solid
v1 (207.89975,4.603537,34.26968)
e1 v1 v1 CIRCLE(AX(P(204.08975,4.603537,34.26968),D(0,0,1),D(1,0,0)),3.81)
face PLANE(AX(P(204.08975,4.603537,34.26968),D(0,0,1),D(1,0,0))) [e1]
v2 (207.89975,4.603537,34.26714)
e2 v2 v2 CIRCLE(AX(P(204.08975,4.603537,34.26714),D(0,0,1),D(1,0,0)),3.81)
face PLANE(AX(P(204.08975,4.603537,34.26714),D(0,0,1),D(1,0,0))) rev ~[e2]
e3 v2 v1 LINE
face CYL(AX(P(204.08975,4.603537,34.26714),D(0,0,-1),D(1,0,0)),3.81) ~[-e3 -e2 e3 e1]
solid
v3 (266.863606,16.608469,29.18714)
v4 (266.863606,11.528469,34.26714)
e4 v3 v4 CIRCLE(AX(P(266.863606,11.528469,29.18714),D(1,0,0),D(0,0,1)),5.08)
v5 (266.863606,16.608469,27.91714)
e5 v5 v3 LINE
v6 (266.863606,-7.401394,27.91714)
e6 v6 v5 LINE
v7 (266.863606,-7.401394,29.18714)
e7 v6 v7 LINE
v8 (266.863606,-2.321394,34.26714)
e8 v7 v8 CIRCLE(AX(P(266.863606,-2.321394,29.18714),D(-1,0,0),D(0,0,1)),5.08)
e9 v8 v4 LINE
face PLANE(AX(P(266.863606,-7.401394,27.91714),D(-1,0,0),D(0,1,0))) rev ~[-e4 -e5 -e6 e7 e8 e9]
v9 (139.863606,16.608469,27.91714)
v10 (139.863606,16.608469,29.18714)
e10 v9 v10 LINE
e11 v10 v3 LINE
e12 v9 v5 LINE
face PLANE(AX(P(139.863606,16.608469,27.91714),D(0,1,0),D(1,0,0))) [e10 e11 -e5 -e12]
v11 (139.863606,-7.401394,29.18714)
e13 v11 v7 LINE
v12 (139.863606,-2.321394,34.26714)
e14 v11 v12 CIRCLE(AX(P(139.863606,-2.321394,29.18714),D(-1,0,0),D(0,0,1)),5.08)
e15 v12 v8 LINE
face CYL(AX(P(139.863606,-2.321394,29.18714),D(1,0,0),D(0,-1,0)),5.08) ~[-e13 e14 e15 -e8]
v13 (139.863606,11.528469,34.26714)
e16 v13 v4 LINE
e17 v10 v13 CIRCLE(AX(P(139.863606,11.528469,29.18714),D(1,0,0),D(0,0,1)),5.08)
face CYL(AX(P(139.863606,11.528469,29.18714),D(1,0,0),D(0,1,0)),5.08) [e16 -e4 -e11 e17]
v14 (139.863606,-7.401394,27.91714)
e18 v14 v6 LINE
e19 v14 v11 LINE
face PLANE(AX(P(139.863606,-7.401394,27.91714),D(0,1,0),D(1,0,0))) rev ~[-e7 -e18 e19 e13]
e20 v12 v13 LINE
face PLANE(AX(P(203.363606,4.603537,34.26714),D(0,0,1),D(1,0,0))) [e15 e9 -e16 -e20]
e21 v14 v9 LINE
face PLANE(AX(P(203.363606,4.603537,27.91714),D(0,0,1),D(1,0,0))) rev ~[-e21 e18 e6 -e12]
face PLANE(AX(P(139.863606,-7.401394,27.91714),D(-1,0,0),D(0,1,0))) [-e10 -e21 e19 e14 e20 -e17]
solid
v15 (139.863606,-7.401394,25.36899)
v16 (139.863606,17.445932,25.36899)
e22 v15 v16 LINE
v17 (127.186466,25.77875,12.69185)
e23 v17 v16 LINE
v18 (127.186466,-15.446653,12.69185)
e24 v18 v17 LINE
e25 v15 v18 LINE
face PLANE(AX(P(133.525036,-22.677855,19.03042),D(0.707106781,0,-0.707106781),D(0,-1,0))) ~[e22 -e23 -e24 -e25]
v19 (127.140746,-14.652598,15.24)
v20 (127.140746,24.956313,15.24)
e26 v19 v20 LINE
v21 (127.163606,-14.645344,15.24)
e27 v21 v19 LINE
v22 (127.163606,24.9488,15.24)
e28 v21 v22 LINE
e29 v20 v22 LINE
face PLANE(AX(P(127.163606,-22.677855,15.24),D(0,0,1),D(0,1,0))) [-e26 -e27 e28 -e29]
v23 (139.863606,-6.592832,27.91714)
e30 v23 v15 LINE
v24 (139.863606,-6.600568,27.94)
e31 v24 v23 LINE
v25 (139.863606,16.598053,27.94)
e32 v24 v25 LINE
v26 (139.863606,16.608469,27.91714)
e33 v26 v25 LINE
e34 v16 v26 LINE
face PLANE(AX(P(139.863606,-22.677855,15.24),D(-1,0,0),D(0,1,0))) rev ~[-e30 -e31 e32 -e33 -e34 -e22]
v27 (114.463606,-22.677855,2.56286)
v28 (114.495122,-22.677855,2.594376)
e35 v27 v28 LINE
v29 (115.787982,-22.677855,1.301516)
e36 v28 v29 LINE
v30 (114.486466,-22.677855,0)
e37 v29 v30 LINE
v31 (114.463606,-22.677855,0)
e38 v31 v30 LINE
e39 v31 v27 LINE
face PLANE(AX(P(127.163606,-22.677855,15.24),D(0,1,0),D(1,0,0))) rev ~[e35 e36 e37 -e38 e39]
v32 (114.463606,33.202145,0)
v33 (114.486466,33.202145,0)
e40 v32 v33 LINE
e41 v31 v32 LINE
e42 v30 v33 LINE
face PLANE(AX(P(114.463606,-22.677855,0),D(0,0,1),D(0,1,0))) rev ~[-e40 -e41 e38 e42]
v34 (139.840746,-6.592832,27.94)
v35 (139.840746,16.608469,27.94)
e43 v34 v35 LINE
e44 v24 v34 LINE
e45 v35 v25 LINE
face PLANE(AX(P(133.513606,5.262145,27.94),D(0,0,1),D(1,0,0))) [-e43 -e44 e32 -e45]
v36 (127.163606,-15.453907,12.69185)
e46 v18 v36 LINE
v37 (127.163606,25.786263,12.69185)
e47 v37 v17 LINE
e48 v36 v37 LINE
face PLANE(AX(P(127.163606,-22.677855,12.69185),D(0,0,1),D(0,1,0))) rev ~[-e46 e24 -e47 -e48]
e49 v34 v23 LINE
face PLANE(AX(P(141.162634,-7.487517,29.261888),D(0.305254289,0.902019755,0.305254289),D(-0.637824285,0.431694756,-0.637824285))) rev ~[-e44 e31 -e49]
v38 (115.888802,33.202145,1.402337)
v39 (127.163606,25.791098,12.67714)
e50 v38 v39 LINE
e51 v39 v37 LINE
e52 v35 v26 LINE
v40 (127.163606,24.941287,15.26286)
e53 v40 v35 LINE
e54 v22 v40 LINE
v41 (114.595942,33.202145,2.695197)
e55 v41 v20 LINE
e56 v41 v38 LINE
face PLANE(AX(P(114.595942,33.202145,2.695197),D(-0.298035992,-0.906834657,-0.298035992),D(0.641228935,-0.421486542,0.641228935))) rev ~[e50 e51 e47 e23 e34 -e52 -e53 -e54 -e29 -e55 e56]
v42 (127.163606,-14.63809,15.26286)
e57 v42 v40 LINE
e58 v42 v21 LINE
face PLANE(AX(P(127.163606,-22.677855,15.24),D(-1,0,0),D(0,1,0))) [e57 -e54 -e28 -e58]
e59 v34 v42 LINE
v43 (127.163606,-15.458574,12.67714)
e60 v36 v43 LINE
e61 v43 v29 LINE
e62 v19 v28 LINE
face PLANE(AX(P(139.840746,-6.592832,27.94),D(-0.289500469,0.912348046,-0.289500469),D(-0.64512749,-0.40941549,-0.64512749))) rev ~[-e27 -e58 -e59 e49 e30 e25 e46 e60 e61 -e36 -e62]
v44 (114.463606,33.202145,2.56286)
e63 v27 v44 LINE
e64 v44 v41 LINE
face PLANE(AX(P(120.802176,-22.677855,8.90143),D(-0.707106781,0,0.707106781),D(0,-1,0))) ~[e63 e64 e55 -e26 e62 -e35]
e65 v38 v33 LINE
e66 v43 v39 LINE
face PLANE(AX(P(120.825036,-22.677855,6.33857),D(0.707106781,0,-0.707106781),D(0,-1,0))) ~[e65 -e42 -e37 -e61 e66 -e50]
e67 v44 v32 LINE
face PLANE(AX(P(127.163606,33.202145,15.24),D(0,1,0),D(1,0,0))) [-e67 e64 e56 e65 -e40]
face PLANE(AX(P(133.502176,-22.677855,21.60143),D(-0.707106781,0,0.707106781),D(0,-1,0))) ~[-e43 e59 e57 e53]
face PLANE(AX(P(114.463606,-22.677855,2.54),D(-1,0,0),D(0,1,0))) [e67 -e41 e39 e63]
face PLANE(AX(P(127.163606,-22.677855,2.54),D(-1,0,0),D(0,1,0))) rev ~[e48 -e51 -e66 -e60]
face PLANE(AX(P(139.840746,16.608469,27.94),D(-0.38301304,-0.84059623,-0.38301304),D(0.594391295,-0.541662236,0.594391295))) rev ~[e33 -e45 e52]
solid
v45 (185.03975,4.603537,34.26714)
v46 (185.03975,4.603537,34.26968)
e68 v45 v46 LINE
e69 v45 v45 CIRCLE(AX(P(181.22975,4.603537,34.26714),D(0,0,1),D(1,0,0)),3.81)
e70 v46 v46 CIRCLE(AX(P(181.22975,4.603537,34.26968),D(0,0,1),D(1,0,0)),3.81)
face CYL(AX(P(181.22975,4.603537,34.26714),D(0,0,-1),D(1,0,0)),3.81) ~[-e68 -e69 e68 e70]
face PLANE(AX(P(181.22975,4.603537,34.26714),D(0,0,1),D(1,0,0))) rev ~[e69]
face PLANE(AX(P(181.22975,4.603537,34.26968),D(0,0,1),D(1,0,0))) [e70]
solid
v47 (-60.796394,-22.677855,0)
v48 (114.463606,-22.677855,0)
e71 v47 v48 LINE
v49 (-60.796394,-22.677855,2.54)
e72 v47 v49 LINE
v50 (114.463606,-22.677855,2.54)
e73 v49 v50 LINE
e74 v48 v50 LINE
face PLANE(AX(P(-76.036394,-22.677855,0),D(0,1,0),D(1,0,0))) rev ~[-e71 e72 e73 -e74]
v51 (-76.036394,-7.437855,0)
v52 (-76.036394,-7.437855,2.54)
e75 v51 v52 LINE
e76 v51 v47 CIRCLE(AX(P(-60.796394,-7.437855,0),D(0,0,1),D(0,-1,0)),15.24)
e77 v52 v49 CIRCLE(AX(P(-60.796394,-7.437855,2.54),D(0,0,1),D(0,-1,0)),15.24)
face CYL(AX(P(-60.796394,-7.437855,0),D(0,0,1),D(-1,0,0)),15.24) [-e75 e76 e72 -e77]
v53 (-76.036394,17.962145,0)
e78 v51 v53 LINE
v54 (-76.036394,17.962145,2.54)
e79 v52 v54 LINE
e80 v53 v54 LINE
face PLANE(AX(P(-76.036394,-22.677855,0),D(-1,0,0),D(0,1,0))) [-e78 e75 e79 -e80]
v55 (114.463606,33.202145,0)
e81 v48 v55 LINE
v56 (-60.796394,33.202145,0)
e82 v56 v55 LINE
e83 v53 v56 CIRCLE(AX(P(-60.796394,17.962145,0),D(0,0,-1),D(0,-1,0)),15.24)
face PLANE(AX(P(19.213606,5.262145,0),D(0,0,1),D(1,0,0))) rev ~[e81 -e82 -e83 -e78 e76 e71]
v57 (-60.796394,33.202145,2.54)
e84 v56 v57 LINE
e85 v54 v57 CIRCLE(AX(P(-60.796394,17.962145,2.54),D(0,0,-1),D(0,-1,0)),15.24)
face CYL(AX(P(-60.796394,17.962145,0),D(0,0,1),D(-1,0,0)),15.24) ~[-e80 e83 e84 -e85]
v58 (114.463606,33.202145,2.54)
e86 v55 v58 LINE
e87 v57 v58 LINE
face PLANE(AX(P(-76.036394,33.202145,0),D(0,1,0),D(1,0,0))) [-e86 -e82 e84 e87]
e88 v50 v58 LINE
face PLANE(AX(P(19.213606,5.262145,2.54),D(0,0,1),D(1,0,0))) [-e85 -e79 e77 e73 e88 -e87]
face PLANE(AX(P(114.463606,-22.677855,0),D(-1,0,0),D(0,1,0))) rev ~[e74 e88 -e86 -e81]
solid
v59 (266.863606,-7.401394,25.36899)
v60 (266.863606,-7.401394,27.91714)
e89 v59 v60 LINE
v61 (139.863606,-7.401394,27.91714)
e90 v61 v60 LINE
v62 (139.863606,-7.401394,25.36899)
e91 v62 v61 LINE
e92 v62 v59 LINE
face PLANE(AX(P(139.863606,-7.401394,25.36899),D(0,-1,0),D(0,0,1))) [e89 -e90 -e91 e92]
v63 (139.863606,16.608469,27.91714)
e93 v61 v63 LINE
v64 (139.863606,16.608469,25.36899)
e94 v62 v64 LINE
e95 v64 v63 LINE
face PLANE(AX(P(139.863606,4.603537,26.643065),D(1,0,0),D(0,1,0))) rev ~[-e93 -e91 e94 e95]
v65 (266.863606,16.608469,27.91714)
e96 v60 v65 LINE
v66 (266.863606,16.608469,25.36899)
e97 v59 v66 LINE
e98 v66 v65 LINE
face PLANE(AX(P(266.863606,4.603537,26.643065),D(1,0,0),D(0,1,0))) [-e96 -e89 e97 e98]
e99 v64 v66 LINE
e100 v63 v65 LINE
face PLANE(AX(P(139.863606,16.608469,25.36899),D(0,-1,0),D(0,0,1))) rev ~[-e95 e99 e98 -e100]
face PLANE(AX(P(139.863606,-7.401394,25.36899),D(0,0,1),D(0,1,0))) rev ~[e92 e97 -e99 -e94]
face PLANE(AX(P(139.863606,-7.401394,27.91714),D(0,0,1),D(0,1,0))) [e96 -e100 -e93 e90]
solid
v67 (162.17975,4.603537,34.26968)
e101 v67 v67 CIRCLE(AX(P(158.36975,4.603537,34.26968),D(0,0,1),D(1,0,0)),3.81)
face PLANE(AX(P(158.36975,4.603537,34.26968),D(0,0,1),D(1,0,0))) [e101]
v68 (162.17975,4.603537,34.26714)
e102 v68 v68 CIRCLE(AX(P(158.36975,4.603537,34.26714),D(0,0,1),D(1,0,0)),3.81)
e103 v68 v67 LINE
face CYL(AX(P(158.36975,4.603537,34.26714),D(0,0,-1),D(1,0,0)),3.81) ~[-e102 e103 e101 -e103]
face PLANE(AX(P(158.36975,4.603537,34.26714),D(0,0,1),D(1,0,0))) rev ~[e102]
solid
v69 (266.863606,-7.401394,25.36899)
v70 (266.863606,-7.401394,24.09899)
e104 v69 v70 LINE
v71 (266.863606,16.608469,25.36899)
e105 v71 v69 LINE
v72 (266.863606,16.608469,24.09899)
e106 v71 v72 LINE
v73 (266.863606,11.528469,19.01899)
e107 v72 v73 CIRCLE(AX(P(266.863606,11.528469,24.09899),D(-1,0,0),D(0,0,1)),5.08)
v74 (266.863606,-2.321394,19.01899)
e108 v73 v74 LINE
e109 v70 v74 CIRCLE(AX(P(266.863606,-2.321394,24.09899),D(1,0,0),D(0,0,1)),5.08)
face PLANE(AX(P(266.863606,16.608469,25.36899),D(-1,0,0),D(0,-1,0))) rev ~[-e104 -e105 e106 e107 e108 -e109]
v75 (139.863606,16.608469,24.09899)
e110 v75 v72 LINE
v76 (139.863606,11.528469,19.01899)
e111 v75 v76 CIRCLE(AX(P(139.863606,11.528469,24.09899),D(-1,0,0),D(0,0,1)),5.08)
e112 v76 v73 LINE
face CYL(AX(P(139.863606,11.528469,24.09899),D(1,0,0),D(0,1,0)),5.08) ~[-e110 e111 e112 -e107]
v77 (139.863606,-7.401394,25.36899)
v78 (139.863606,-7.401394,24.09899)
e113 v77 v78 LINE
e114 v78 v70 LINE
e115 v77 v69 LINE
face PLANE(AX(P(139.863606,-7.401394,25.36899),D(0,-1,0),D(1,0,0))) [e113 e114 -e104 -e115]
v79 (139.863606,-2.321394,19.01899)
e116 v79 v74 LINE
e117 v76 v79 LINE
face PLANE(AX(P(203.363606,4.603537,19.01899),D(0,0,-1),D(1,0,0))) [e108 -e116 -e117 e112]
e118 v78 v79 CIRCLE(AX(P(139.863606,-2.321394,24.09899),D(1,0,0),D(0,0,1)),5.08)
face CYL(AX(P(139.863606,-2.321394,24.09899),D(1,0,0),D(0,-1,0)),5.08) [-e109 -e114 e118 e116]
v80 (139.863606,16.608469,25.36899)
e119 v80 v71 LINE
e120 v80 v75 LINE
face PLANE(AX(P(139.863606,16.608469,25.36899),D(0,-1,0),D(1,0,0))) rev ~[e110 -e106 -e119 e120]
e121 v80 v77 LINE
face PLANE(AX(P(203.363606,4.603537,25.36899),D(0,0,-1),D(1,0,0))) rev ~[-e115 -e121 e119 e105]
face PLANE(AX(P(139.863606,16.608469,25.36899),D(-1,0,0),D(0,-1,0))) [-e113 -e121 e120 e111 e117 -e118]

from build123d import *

# Parameters (mm, degrees)
F0_W      = 190.5
F0_H      = 55.88
F1_DEPTH  = 2.54
F2_W      = 55.88
F2_H      = 2.54
F3_DEPTH  = 12.7
F4_W      = 12.7
F4_H      = 55.88
F5_DEPTH  = 12.7
F6_W      = 55.88
F6_H      = 2.5481501573
F7_DEPTH  = 12.7
F8_W      = 12.7
F8_H      = 55.88
F9_DEPTH  = 12.7
F10_SIZE  = 12.67714
F12_DEPTH = 25.4
F14_DEPTH = 25.4
F15_W     = 24.0098635365
F15_H     = 2.5481501573
F16_DEPTH = 127
F17_W     = 127
F17_H     = 24.0098635365
F18_DEPTH = 6.35
F19_W     = 127
F19_H     = 24.0098635365
F20_DEPTH = 6.35
F21_R     = 15.24
F22_R     = 5.08
F22_2_R   = 5.08
F23_R     = 3.81
F24_DEPTH = 0.00254


with BuildPart() as f1:
    # F0 (on Top) → F1 (new body)
    with BuildSketch(Plane.XY):
        with Locations((19.2136056721, 5.2621446662)):
            Rectangle(F0_W, F0_H)
    extrude(amount=F1_DEPTH)

    # F21
    f21_edges = [f1.edges().sort_by_distance(p)[0] for p in [
        (-76.036394, 33.202145, 1.27),
        (-76.036394, -22.677855, 1.27),
    ]]
    fillet(f21_edges, radius=F21_R)


with BuildPart() as f3:
    # F2 (on face) → F3 (new body)
    with BuildSketch(Plane.YZ.offset(114.4636056721)):
        with Locations((5.2621446662, 1.27)):
            Rectangle(F2_W, F2_H)
    extrude(amount=F3_DEPTH)

    # F4 (on face) → F5 (join)
    with BuildSketch(Plane.XY.offset(2.54)):
        with Locations((120.8136056721, 5.2621446662)):
            Rectangle(F4_W, F4_H)
    extrude(amount=F5_DEPTH)

    # F6 (on face) → F7 (join)
    with BuildSketch(Plane.YZ.offset(127.1636056721)):
        with Locations((5.2621446662, 13.9659249213)):
            Rectangle(F6_W, F6_H)
    extrude(amount=F7_DEPTH)

    # F8 (on face) → F9 (join)
    with BuildSketch(Plane.XY.offset(15.24)):
        with Locations((133.5136056721, 5.2621446662)):
            Rectangle(F8_W, F8_H)
    extrude(amount=F9_DEPTH)

    # F10
    f10_edges = [f3.edges().sort_by_distance(p)[0] for p in [
        (127.163606, 5.262145, 27.94),
        (114.463606, 5.262145, 15.24),
        (139.863606, 5.262145, 12.69185),
        (127.163606, 5.262145, 0),
    ]]
    chamfer(f10_edges, length=F10_SIZE)

    # F11 (on face) → F12 (cut)
    with BuildSketch(Plane(origin=(55.9503728361, 0, -55.9503728361), x_dir=(0.7071067812, 0, 0.7071067812), z_dir=(-0.7071067812, 0, 0.7071067812))):
        Polygon((118.6389030173, 33.2021446662), (82.9373598099, 33.2021446662), (118.6389030173, 16.6084691882), align=None)
        Polygon((118.6389030173, -6.5928315744), (82.794778049, -22.6778553338), (118.6389030173, -22.6778553338), align=None)
    extrude(amount=-F12_DEPTH, mode=Mode.SUBTRACT)

    # F13 (on face) → F14 (cut)
    with BuildSketch(Plane(origin=(55.9503728361, 0, -55.9503728361), x_dir=(0.7071067812, 0, 0.7071067812), z_dir=(-0.7071067812, 0, 0.7071067812))):
        Polygon((116.1913573742, 21.231610328), (118.6389030173, 16.6084691882), (121.2114244699, 14.9507913738), (122.3802044988, 27.3574646562), (118.6389030173, 36.1816585064), align=None)
        Polygon((120.5083355308, -7.4875173159), (118.6389030173, -6.5928315744), (116.9947695874, -8.2805254063), (116.0452738404, -18.3594822884), (117.9651161949, -25.1031260163), (120.5083355308, -19.7891071439), align=None)
    extrude(amount=-F14_DEPTH, mode=Mode.SUBTRACT)


with BuildPart() as f16:
    # F15 (on face) → F16 (new body)
    with BuildSketch(Plane.YZ.offset(139.8636056721)):
        with Locations((4.60353742, 26.6430649213)):
            Rectangle(F15_W, F15_H)
    extrude(amount=F16_DEPTH)


with BuildPart() as f18:
    # F17 (on face) → F18 (new body)
    with BuildSketch(Plane.XY.offset(27.91714)):
        with Locations((203.3636056721, 4.60353742)):
            Rectangle(F17_W, F17_H)
    extrude(amount=F18_DEPTH)

    # F22
    f22_edges = [f18.edges().sort_by_distance(p)[0] for p in [
        (203.363606, -7.401394, 34.26714),
        (203.363606, 16.608469, 34.26714),
    ]]
    fillet(f22_edges, radius=F22_R)


with BuildPart() as f20:
    # F19 (on face) → F20 (new body)
    with BuildSketch(Plane(origin=(0, 0, 25.3689898427), x_dir=(1, 0, 0), z_dir=(0, 0, -1))):
        with Locations((203.3636056721, -4.60353742)):
            Rectangle(F19_W, F19_H)
    extrude(amount=F20_DEPTH)

    # F22#2
    f22_2_edges = [f20.edges().sort_by_distance(p)[0] for p in [
        (203.363606, -7.401394, 19.01899),
        (203.363606, 16.608469, 19.01899),
    ]]
    fillet(f22_2_edges, radius=F22_2_R)


with BuildPart() as f24:
    # F23 (on face) → F24 (new body)
    with BuildSketch(Plane.XY.offset(34.26714)):
        with Locations((158.3697497845, 4.60353742)):
            Circle(F23_R)
    extrude(amount=F24_DEPTH)


with BuildPart() as f24b:
    # F23 (on face) → F24, piece 2 (new body)
    with BuildSketch(Plane.XY.offset(34.26714)):
        with Locations((181.2297497845, 4.60353742)):
            Circle(F23_R)
    extrude(amount=F24_DEPTH)


with BuildPart() as f24c:
    # F23 (on face) → F24, piece 3 (new body)
    with BuildSketch(Plane.XY.offset(34.26714)):
        with Locations((204.0897497845, 4.60353742)):
            Circle(F23_R)
    extrude(amount=F24_DEPTH)


solid = Compound([f1.part, f3.part, f16.part, f18.part, f20.part, f24.part, f24b.part, f24c.part])
